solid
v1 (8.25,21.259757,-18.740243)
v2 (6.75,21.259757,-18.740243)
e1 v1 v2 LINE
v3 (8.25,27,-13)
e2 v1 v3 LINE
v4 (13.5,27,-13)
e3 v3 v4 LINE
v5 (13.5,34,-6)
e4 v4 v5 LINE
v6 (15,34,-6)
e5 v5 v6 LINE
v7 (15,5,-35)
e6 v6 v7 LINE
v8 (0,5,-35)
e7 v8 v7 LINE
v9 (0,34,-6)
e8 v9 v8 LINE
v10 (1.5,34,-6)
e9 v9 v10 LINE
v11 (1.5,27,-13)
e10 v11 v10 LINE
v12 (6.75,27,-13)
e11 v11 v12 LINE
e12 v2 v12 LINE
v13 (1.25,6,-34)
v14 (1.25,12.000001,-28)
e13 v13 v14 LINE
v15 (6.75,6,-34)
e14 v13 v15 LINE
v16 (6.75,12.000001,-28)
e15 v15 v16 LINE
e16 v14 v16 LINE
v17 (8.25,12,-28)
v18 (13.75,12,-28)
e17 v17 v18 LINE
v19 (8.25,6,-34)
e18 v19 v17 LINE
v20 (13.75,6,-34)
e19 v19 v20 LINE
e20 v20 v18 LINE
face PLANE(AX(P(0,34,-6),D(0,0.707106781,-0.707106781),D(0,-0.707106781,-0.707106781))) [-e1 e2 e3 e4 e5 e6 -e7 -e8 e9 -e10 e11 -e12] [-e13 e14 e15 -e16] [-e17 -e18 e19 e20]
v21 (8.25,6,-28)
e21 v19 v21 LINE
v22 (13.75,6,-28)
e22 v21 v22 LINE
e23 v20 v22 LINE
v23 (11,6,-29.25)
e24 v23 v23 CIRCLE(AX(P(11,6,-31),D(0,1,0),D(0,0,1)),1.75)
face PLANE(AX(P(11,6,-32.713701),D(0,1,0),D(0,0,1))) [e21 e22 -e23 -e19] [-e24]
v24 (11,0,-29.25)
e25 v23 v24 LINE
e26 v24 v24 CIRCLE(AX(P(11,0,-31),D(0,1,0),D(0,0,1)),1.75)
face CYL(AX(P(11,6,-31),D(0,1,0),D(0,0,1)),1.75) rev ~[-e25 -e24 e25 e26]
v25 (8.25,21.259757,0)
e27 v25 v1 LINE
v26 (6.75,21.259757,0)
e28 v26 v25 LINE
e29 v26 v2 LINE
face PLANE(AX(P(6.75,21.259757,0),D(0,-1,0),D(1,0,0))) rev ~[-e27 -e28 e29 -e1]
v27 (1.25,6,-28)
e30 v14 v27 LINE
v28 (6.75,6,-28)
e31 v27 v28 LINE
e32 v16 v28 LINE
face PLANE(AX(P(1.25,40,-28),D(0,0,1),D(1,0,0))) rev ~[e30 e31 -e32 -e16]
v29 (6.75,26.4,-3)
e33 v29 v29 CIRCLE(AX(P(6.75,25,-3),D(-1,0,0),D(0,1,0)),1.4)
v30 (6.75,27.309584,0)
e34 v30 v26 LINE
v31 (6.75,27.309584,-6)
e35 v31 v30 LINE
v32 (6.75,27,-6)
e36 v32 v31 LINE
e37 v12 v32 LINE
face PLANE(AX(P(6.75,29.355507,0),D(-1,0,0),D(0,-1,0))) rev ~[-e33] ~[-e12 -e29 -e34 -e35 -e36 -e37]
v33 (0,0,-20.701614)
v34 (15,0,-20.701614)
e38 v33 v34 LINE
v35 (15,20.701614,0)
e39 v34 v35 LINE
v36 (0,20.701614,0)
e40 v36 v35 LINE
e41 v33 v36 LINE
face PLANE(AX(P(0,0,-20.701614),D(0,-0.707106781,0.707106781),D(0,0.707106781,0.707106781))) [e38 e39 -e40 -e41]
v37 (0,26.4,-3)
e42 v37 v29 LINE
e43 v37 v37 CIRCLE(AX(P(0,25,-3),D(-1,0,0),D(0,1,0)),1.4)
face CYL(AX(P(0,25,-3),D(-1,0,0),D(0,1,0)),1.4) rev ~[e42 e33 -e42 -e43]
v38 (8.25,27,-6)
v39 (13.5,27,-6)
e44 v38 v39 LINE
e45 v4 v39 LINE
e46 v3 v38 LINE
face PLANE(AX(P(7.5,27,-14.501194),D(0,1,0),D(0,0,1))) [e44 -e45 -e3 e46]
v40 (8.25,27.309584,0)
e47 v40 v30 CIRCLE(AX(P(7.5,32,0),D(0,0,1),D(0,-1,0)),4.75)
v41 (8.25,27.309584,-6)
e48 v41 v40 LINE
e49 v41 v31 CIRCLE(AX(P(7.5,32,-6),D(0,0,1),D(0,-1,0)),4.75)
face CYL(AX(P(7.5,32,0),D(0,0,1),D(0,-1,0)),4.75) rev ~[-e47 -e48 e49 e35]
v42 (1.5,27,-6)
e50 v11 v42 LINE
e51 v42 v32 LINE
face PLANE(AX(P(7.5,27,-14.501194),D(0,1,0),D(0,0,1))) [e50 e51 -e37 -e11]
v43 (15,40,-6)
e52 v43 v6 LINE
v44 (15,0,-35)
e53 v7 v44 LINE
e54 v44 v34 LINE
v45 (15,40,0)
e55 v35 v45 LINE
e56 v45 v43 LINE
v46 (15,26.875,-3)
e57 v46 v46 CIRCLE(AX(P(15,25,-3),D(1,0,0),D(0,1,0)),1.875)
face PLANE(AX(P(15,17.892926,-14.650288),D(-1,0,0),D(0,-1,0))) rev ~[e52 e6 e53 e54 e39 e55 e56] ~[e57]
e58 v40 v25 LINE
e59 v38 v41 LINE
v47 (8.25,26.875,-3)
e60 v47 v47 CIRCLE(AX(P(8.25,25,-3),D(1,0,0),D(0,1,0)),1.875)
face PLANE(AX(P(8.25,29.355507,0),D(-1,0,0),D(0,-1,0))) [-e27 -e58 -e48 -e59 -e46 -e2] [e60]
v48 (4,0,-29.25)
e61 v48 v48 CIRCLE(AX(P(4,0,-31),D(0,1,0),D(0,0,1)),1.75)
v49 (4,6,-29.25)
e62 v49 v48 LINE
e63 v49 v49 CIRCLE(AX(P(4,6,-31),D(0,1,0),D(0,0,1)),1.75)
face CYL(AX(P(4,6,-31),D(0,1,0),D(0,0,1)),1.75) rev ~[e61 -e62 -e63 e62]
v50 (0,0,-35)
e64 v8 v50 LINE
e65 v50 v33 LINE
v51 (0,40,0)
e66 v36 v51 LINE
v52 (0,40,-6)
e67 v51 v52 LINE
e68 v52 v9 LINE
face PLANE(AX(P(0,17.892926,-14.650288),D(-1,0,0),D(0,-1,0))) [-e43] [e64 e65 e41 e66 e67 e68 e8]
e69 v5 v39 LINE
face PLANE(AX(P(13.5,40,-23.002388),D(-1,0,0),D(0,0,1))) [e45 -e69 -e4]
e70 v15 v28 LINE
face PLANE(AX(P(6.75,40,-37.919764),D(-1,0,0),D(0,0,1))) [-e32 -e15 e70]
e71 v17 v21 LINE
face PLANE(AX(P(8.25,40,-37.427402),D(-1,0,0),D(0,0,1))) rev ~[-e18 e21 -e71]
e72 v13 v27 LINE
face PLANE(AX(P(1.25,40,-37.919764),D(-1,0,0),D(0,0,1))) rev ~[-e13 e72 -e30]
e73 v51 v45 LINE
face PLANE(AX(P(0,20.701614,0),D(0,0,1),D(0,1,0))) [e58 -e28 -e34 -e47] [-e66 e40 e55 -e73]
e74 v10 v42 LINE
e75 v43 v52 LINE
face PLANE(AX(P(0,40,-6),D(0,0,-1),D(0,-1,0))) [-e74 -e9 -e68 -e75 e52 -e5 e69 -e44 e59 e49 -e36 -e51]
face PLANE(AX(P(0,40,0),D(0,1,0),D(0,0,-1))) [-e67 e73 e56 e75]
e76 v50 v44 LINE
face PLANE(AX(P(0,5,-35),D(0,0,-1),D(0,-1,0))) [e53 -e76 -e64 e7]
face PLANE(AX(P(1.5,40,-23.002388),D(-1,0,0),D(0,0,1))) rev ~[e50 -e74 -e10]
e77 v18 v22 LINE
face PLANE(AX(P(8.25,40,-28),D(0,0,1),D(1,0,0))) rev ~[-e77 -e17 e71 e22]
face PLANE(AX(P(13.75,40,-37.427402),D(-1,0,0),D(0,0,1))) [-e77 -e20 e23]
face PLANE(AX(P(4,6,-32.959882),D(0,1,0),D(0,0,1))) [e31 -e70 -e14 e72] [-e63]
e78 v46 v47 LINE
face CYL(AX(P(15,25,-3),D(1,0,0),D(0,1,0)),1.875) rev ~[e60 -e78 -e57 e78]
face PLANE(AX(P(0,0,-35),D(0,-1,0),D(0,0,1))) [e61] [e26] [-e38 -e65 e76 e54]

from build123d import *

# Parameters (mm, degrees)
PAD_DEPTH       = 15
SKETCH001_R     = 4.725
POCKET_DEPTH    = 28.285271
SKETCH002_W     = 13.497765
SKETCH002_H     = 2
POCKET001_DEPTH = 15.001
SKETCH007_W     = 9.919765
SKETCH007_H     = 5.5
SKETCH007_W_2   = 9.427402
POCKET002_DEPTH = 34
SKETCH008_W     = 17.002388
SKETCH008_H     = 12
POCKET003_DEPTH = 13
SKETCH009_R     = 4.75
POCKET004_DEPTH = 35.001
SKETCH010_W     = 8.09575
SKETCH010_H     = 1.5
POCKET005_DEPTH = 35.001
SKETCH011_R     = 1.4
POCKET006_DEPTH = 15.001
SKETCH012_R     = 1.4
POCKET007_DEPTH = 8
SKETCH013_R     = 1.75
POCKET008_DEPTH = 6.001
SKETCH014_R     = 1.875
POCKET009_DEPTH = 8


with BuildPart() as part:
    # Sketch → Pad (new body)
    with BuildSketch(Plane.YZ):
        Polygon((20.701614, 0), (40, 0), (40, -6), (34, -6), (5, -35), (0, -35), (0, -20.701614), align=None)
    extrude(amount=PAD_DEPTH)

    # Sketch001 (on Face4 of Pad) → Pocket (cut, through all)
    with BuildSketch(Plane(origin=(0, 20, -20), x_dir=(0, 0.707107, 0.707107), z_dir=(0, 0.707107, -0.707107))):
        with Locations((-32, 7.5)):
            Circle(SKETCH001_R)
    extrude(amount=-POCKET_DEPTH, mode=Mode.SUBTRACT)

    # Sketch002 (on Face8 of Pocket) → Pocket001 (cut, through all)
    with BuildSketch(Plane(origin=(0, 0, 0), x_dir=(0, 1, 0), z_dir=(-1, 0, 0))):
        with Locations((-21.822522, 7.5)):
            Rectangle(SKETCH002_W, SKETCH002_H)
    extrude(amount=-POCKET001_DEPTH, mode=Mode.SUBTRACT)

    # Sketch007 (on Face2 of Pocket001) → Pocket002 (cut)
    with BuildSketch(Plane.ZX.offset(40)):
        with Locations((-32.959882, 4)):
            Rectangle(SKETCH007_W, SKETCH007_H)
        with Locations((-32.713701, 11)):
            Rectangle(SKETCH007_W_2, SKETCH007_H)
    extrude(amount=-POCKET002_DEPTH, mode=Mode.SUBTRACT)

    # Sketch008 (on Face3 of Pocket002) → Pocket003 (cut)
    with BuildSketch(Plane.ZX.offset(40)):
        with Locations((-14.501194, 7.5)):
            Rectangle(SKETCH008_W, SKETCH008_H)
    extrude(amount=-POCKET003_DEPTH, mode=Mode.SUBTRACT)

    # Sketch009 (on Face1 of Pocket003) → Pocket004 (cut, through all)
    with BuildSketch(Plane(origin=(0, 0, 0), x_dir=(0, -1, 0), z_dir=(0, 0, 1))):
        with Locations((-32, 7.5)):
            Circle(SKETCH009_R)
    extrude(amount=-POCKET004_DEPTH, mode=Mode.SUBTRACT)

    # Sketch010 (on Face1 of Pocket004) → Pocket005 (cut, through all)
    with BuildSketch(Plane(origin=(0, 0, 0), x_dir=(0, -1, 0), z_dir=(0, 0, 1))):
        with Locations((-25.307632, 7.5)):
            Rectangle(SKETCH010_W, SKETCH010_H)
    extrude(amount=-POCKET005_DEPTH, mode=Mode.SUBTRACT)

    # Sketch011 (on Face3 of Pocket005) → Pocket006 (cut, through all)
    with BuildSketch(Plane(origin=(0, 0, 0), x_dir=(0, 1, 0), z_dir=(-1, 0, 0))):
        with Locations((25, 3)):
            Circle(SKETCH011_R)
    extrude(amount=-POCKET006_DEPTH, mode=Mode.SUBTRACT)

    # Sketch012 (on Face3 of Pocket006) → Pocket007 (cut)
    with BuildSketch(Plane(origin=(0, 0, 0), x_dir=(0, 1, 0), z_dir=(-1, 0, 0))):
        with Locations((25, 3)):
            Circle(SKETCH012_R)
    extrude(amount=-POCKET007_DEPTH, mode=Mode.SUBTRACT)

    # Sketch013 (on Face31 of Pocket007) → Pocket008 (cut, through all)
    with BuildSketch(Plane.ZX.offset(6)):
        with Locations((-31, 11)):
            Circle(SKETCH013_R)
        with Locations((-31, 4)):
            Circle(SKETCH013_R)
    extrude(amount=-POCKET008_DEPTH, mode=Mode.SUBTRACT)

    # Sketch014 (on Face4 of Pocket008) → Pocket009 (cut)
    with BuildSketch(Plane.YZ.offset(15)):
        with Locations((25, -3)):
            Circle(SKETCH014_R)
    extrude(amount=-POCKET009_DEPTH, mode=Mode.SUBTRACT)


solid = part.part
